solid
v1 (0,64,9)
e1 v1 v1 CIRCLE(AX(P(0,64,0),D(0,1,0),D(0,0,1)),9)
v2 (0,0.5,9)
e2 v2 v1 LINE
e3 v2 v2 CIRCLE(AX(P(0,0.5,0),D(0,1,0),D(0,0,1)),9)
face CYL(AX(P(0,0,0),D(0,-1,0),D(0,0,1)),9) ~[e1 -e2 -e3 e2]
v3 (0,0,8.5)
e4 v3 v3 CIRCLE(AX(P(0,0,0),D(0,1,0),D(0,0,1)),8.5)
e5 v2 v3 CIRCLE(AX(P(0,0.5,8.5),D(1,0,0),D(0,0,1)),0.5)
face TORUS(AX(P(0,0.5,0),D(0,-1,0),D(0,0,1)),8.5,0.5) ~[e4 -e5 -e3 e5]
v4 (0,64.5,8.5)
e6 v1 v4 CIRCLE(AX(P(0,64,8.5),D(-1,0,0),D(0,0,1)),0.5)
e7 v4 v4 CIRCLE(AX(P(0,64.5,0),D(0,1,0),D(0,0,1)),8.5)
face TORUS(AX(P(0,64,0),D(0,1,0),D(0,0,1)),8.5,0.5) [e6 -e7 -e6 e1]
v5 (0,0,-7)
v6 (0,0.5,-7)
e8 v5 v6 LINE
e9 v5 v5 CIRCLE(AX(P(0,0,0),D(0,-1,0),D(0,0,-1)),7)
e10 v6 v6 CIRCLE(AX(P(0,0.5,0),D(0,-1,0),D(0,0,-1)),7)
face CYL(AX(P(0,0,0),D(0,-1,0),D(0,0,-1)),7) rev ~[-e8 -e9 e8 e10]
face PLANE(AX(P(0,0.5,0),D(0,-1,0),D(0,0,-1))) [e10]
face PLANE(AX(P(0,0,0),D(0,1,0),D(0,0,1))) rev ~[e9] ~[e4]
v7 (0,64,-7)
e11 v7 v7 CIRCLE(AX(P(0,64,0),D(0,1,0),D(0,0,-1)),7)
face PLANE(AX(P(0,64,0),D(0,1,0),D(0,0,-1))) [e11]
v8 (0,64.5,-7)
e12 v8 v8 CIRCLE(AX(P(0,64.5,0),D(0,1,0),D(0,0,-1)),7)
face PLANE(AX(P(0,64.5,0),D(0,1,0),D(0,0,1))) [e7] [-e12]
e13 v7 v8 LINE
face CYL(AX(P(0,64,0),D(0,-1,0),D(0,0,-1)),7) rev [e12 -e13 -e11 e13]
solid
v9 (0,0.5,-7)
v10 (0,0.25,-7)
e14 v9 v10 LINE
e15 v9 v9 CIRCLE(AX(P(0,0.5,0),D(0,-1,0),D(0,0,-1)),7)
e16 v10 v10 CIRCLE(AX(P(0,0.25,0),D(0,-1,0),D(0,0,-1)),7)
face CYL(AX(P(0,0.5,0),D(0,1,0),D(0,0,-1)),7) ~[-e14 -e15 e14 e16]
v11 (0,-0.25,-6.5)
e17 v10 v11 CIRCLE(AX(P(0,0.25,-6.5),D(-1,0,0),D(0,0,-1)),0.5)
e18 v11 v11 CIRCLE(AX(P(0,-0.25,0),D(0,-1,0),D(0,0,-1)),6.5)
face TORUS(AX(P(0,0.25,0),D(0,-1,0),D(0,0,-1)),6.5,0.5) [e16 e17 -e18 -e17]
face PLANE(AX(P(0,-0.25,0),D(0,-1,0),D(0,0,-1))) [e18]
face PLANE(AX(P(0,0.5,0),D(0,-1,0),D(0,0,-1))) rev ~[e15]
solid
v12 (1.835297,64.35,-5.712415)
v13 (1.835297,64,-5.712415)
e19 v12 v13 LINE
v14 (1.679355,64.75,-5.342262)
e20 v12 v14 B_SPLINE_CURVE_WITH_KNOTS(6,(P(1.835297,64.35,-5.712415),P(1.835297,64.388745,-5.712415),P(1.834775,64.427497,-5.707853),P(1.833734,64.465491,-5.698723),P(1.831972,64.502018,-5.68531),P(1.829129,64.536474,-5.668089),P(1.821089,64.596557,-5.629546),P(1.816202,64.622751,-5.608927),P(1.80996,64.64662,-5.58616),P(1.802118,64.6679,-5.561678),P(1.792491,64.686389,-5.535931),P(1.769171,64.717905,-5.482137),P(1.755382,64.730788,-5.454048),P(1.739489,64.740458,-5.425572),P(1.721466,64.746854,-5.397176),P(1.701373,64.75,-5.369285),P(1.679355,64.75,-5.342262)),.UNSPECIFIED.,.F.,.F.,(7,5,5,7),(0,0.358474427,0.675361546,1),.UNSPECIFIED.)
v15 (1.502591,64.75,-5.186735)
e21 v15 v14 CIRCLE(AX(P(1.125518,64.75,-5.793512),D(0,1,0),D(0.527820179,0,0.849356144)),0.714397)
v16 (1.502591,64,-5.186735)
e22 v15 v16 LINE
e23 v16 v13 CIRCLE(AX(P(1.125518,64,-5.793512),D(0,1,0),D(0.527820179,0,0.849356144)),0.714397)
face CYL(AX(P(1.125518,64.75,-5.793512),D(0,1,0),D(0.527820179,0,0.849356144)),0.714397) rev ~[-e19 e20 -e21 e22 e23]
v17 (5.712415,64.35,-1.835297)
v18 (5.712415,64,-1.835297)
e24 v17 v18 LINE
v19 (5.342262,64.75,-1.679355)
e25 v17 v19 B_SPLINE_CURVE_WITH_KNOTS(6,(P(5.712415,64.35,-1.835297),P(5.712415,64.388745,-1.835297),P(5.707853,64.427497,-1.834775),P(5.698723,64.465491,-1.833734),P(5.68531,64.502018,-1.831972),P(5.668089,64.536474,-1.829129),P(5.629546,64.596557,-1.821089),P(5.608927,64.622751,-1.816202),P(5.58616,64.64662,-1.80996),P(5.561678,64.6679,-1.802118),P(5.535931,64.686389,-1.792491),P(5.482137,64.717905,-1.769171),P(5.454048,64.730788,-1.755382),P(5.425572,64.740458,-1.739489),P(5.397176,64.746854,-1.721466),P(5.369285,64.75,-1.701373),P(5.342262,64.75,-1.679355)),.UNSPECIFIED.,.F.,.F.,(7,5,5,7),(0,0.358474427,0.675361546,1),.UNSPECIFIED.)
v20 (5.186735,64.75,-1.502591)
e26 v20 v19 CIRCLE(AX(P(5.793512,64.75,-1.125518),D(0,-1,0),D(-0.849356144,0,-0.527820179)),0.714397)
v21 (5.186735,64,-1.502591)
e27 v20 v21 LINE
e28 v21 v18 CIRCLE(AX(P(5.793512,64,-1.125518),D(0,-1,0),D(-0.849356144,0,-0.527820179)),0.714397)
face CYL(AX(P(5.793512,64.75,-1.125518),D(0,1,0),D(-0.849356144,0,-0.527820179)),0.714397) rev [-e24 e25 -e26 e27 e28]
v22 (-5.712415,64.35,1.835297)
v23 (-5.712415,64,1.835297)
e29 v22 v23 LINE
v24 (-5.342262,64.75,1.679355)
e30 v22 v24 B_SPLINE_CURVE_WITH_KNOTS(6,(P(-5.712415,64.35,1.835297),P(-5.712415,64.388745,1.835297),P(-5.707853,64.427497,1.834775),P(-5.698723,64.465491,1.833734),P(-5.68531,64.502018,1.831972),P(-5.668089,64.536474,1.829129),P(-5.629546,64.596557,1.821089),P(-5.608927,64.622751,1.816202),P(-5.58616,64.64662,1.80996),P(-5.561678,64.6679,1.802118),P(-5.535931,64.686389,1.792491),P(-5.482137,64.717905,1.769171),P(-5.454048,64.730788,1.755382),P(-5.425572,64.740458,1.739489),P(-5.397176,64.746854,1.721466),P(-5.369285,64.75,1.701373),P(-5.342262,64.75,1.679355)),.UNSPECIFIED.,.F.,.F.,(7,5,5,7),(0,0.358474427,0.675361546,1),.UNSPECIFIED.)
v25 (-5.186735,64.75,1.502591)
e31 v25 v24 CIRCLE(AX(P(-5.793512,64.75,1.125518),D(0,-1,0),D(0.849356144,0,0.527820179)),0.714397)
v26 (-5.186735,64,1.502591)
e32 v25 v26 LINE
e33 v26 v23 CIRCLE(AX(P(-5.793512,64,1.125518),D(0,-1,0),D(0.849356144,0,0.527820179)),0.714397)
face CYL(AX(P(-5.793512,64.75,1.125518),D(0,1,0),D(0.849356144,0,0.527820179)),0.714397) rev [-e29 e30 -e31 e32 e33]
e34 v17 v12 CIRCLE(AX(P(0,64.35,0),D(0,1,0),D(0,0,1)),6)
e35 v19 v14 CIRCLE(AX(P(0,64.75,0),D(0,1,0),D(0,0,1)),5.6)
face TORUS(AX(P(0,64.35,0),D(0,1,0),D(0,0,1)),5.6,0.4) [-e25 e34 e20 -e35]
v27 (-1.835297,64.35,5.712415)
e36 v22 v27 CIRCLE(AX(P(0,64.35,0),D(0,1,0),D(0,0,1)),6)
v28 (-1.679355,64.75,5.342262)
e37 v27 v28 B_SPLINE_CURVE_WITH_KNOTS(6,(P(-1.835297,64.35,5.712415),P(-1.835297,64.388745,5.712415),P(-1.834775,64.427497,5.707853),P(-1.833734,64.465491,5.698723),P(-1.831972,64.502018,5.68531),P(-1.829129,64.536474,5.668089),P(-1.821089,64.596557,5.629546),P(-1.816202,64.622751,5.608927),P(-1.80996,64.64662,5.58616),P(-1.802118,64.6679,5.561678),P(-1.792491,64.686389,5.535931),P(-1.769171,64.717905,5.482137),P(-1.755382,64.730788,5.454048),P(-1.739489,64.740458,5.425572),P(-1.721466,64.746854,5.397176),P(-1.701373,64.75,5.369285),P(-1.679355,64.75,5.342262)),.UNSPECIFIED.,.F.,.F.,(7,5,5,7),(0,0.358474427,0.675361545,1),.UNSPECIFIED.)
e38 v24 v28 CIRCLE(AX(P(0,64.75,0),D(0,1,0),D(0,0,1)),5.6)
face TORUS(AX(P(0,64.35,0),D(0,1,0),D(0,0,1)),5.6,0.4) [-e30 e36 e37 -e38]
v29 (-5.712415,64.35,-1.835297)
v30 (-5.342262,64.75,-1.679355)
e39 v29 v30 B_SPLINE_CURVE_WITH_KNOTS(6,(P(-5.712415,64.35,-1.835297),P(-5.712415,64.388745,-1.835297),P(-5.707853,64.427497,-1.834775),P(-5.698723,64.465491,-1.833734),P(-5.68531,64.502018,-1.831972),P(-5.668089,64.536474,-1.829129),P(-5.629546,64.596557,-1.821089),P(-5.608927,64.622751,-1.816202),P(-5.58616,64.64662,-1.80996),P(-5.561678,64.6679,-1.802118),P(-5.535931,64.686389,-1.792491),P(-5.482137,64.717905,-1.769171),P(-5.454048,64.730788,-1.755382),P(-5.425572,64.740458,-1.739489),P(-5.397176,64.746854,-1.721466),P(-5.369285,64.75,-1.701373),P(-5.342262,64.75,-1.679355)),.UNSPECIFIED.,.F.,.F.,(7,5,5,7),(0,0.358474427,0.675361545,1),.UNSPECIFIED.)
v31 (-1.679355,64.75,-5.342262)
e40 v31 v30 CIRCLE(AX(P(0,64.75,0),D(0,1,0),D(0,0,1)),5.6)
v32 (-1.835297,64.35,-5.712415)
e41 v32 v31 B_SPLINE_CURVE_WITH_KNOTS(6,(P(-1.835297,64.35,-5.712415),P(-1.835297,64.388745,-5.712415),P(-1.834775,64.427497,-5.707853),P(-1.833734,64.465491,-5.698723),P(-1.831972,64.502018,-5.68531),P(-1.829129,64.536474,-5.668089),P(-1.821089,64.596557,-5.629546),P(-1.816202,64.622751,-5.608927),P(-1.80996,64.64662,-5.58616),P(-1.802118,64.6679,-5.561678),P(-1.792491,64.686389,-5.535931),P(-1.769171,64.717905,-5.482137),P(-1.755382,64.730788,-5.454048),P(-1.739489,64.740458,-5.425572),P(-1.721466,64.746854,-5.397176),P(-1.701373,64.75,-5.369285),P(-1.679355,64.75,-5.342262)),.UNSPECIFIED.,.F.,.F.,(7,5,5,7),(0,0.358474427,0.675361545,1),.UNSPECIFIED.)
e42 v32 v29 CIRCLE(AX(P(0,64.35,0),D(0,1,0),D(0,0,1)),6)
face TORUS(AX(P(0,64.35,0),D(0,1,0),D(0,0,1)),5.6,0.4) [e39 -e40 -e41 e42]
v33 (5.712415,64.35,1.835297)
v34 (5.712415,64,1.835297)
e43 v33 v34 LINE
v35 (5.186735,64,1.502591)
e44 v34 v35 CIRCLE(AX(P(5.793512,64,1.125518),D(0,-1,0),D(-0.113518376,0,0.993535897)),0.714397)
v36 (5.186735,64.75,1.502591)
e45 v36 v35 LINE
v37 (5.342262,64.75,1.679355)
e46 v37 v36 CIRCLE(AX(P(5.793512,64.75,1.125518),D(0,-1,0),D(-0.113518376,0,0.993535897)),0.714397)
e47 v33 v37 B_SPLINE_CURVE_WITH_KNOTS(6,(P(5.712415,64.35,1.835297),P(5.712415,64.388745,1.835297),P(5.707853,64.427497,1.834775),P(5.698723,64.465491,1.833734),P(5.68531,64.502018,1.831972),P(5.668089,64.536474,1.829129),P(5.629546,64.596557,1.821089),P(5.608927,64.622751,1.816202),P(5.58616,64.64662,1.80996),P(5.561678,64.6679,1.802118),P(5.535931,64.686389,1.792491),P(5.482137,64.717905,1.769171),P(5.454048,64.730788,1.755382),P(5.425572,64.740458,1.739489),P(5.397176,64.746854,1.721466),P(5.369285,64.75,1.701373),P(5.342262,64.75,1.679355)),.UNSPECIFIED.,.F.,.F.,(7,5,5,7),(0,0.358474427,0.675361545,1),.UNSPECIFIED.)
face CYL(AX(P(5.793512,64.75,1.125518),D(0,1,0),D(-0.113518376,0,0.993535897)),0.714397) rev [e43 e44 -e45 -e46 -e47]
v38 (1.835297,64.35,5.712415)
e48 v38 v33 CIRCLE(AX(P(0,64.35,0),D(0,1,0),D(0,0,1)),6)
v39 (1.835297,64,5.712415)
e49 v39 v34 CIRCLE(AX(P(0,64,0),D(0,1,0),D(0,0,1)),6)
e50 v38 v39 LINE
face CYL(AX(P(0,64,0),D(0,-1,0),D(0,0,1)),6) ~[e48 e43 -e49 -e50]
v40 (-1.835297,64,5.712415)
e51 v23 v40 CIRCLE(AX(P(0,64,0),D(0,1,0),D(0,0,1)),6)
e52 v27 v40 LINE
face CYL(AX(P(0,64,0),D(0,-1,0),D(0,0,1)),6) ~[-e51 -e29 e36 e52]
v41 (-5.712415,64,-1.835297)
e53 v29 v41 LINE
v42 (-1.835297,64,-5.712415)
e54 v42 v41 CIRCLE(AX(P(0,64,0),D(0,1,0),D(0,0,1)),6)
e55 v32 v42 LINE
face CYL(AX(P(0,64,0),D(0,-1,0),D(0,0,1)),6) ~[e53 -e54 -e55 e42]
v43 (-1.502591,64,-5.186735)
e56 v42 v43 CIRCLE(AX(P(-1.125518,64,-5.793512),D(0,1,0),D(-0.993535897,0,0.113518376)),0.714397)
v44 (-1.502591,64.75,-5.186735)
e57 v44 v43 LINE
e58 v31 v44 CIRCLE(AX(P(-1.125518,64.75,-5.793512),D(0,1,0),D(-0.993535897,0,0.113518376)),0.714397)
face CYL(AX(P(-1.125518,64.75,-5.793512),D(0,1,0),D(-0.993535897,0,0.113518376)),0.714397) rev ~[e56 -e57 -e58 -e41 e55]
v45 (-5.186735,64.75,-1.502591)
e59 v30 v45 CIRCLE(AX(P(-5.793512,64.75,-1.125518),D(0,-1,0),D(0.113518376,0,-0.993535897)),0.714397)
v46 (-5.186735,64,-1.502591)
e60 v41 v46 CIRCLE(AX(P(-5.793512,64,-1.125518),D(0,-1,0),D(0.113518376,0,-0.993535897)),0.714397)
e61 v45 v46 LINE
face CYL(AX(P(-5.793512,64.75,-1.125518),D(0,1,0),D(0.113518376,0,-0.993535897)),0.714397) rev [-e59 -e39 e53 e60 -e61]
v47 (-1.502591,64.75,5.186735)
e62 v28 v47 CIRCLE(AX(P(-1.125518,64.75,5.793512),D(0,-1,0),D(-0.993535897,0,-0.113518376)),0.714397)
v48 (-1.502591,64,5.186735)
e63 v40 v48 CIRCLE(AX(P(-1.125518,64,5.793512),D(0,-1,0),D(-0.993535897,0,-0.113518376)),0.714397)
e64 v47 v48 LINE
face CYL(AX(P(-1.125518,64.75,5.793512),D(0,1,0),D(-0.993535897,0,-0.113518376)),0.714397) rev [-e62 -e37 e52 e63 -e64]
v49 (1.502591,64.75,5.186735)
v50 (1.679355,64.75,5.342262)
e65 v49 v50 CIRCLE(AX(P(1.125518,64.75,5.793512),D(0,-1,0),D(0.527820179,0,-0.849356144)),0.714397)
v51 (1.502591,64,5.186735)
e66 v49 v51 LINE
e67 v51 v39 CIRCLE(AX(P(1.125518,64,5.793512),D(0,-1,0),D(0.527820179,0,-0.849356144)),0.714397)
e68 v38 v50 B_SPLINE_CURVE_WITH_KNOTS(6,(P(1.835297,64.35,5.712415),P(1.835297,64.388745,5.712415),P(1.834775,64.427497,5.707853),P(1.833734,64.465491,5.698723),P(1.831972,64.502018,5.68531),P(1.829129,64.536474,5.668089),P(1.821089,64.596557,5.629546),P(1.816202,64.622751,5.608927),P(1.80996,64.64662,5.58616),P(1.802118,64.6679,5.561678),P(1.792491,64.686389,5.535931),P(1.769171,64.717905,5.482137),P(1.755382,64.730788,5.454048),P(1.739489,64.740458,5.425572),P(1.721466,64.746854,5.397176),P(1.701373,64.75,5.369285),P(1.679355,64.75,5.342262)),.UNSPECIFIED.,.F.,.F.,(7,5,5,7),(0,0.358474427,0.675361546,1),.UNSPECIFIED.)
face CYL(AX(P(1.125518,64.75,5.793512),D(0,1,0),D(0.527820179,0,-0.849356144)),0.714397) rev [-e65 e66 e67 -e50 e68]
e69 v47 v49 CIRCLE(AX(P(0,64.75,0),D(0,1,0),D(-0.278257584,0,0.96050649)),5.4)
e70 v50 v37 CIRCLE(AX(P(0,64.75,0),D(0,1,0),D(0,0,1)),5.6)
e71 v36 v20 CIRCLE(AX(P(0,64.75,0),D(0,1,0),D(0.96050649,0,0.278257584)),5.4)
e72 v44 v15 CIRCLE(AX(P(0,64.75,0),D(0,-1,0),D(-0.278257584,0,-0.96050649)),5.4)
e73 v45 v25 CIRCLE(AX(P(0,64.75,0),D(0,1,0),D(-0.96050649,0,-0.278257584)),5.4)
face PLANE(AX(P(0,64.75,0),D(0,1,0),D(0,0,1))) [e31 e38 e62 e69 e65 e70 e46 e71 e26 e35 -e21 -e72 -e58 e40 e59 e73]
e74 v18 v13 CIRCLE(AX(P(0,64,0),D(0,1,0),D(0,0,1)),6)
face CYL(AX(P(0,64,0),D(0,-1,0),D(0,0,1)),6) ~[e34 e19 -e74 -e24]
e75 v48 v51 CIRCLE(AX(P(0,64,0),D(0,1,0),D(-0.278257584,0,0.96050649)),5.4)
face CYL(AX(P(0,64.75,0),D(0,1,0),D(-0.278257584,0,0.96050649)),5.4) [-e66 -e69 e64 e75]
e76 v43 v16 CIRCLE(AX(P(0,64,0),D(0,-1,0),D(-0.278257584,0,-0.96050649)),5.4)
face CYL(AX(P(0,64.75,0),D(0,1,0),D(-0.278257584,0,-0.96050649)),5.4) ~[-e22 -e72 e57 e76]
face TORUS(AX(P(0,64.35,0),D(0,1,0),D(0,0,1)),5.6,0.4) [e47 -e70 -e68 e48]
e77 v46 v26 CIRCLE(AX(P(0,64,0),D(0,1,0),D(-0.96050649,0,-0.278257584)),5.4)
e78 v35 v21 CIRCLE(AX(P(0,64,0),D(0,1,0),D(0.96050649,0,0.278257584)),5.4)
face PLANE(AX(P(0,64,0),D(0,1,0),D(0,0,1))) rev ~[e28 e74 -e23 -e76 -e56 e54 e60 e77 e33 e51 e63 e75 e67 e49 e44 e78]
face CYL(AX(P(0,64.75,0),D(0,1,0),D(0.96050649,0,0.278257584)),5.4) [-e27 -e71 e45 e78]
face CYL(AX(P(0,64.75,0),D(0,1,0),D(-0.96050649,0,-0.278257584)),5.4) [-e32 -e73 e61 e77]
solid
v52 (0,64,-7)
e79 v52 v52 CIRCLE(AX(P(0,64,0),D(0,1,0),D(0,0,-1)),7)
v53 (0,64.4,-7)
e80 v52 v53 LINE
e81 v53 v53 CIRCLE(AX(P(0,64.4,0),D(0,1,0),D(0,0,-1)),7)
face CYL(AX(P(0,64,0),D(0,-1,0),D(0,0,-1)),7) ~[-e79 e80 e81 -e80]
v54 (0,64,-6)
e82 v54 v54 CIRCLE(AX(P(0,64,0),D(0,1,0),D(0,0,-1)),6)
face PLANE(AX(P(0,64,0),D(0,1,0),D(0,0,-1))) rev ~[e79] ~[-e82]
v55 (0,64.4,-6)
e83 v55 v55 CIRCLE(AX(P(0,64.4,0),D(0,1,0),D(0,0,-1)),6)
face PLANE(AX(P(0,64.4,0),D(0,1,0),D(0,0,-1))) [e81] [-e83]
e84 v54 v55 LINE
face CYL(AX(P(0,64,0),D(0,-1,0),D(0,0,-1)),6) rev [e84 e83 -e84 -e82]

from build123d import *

# Parameters (mm, degrees)
ESBO_O1_R                = 9
RESSALTO_EXTRUS_O1_DEPTH = 64.5
ESBO_O3_R                = 7
CORTE_EXTRUS_O1_DEPTH    = 0.5
ESBO_O4_R                = 7
RESSALTO_EXTRUS_O2_DEPTH = 0.75
FILETE2_R                = 0.5
CORTE_EXTRUS_O2_START    = -0.5
ESBO_O5_R                = 7
CORTE_EXTRUS_O2_DEPTH    = 0.5
ESBO_O6_R                = 7
ESBO_O6_R_2              = 6
RESSALTO_EXTRUS_O3_DEPTH = 0.4
ESBO_O7_R                = 6
RESSALTO_EXTRUS_O4_DEPTH = 0.75
FILETE3_R                = 0.4
FILETE4_R                = 0.5
CORTE_EXTRUS_O3_DEPTH    = 0.75


with BuildPart() as part:
    # Esboço1 → Ressalto-extrusão1 (new body)
    with BuildSketch(Plane(origin=(0, 0, 0), x_dir=(1, 0, 0), z_dir=(0, 1, 0))):
        with Locations(Location((0, 0, 0), (0, 0, 270))):
            Circle(ESBO_O1_R)
    extrude(amount=RESSALTO_EXTRUS_O1_DEPTH)

    # Esboço3 → Corte-extrusão1 (cut)
    with BuildSketch(Plane.XZ):
        with Locations(Location((0, 0, 0), (0, 0, 270))):
            Circle(ESBO_O3_R)
    extrude(amount=-CORTE_EXTRUS_O1_DEPTH, mode=Mode.SUBTRACT)

    # Esboço5 → Corte-extrusão2 (cut)
    with BuildSketch(Plane(origin=(0, 64.5, 0), x_dir=(1, 0, 0), z_dir=(0, 1, 0)).offset(CORTE_EXTRUS_O2_START)):
        with Locations(Location((0, 0, 0), (0, 0, 90))):
            Circle(ESBO_O5_R)
    extrude(amount=CORTE_EXTRUS_O2_DEPTH, mode=Mode.SUBTRACT)

    # Filete4
    filete4_edges = [part.edges().sort_by_distance(p)[0] for p in [
        (0, 0, -9),
        (0, 64.5, -9),
    ]]
    fillet(filete4_edges, radius=FILETE4_R)


with BuildPart() as body_2:
    # Esboço4 → Ressalto-extrusão2 (new body)
    with BuildSketch(Plane.XZ.offset(-0.5)):
        with Locations(Location((0, 0, 0), (0, 0, 270))):
            Circle(ESBO_O4_R)
    extrude(amount=RESSALTO_EXTRUS_O2_DEPTH)

    # Filete2
    filete2_edges = [body_2.edges().sort_by_distance(p)[0] for p in [
        (0, -0.25, 7),
    ]]
    fillet(filete2_edges, radius=FILETE2_R)


with BuildPart() as body_3:
    # Esboço6 → Ressalto-extrusão3 (new body)
    with BuildSketch(Plane(origin=(0, 64, 0), x_dir=(1, 0, 0), z_dir=(0, 1, 0))):
        with Locations(Location((0, 0, 0), (0, 0, 90))):
            Circle(ESBO_O6_R)
        with Locations(Location((0, 0, 0), (0, 0, 90))):
            Circle(ESBO_O6_R_2, mode=Mode.SUBTRACT)
    extrude(amount=RESSALTO_EXTRUS_O3_DEPTH)


with BuildPart() as body_4:
    # Esboço7 → Ressalto-extrusão4 (new body)
    with BuildSketch(Plane(origin=(0, 64, 0), x_dir=(1, 0, 0), z_dir=(0, 1, 0))):
        with Locations(Location((0, 0, 0), (0, 0, 270))):
            Circle(ESBO_O7_R)
    extrude(amount=RESSALTO_EXTRUS_O4_DEPTH)

    # Filete3
    filete3_edges = [body_4.edges().sort_by_distance(p)[0] for p in [
        (0, 64.75, -6),
    ]]
    fillet(filete3_edges, radius=FILETE3_R)

    # Esboço8 → Corte-extrusão3 (cut)
    with BuildSketch(Plane(origin=(0, 64.75, 0), x_dir=(1, 0, 0), z_dir=(0, 1, 0))):
        with BuildLine():
            ThreePointArc((-1.8352967, 5.712415078), (-1.729170633, 5.411457188), (-1.502590953, 5.186735045))
            ThreePointArc((-1.502590953, 5.186735045), (0, 5.4), (1.502590953, 5.186735045))
            ThreePointArc((1.502590953, 5.186735045), (1.729170633, 5.411457188), (1.8352967, 5.712415078))
            ThreePointArc((1.8352967, 5.712415078), (0, 6), (-1.8352967, 5.712415078))
        make_face()
        with BuildLine():
            ThreePointArc((5.712415078, -1.8352967), (5.411457188, -1.729170633), (5.186735045, -1.502590953))
            ThreePointArc((5.186735045, -1.502590953), (5.4, 0), (5.186735045, 1.502590953))
            ThreePointArc((5.186735045, 1.502590953), (5.411457188, 1.729170633), (5.712415078, 1.8352967))
            ThreePointArc((5.712415078, 1.8352967), (6, 0), (5.712415078, -1.8352967))
        make_face()
        with BuildLine():
            ThreePointArc((-1.8352967, -5.712415078), (-1.729170633, -5.411457188), (-1.502590953, -5.186735045))
            ThreePointArc((-1.502590953, -5.186735045), (0, -5.4), (1.502590953, -5.186735045))
            ThreePointArc((1.502590953, -5.186735045), (1.729170633, -5.411457188), (1.8352967, -5.712415078))
            ThreePointArc((1.8352967, -5.712415078), (0, -6), (-1.8352967, -5.712415078))
        make_face()
        with BuildLine():
            ThreePointArc((-5.712415078, 1.8352967), (-5.411457188, 1.729170633), (-5.186735045, 1.502590953))
            ThreePointArc((-5.186735045, 1.502590953), (-5.4, 0), (-5.186735045, -1.502590953))
            ThreePointArc((-5.186735045, -1.502590953), (-5.411457188, -1.729170633), (-5.712415078, -1.8352967))
            ThreePointArc((-5.712415078, -1.8352967), (-6, 0), (-5.712415078, 1.8352967))
        make_face()
    extrude(amount=-CORTE_EXTRUS_O3_DEPTH, mode=Mode.SUBTRACT)


solid = Compound([part.part, body_2.part, body_3.part, body_4.part])
